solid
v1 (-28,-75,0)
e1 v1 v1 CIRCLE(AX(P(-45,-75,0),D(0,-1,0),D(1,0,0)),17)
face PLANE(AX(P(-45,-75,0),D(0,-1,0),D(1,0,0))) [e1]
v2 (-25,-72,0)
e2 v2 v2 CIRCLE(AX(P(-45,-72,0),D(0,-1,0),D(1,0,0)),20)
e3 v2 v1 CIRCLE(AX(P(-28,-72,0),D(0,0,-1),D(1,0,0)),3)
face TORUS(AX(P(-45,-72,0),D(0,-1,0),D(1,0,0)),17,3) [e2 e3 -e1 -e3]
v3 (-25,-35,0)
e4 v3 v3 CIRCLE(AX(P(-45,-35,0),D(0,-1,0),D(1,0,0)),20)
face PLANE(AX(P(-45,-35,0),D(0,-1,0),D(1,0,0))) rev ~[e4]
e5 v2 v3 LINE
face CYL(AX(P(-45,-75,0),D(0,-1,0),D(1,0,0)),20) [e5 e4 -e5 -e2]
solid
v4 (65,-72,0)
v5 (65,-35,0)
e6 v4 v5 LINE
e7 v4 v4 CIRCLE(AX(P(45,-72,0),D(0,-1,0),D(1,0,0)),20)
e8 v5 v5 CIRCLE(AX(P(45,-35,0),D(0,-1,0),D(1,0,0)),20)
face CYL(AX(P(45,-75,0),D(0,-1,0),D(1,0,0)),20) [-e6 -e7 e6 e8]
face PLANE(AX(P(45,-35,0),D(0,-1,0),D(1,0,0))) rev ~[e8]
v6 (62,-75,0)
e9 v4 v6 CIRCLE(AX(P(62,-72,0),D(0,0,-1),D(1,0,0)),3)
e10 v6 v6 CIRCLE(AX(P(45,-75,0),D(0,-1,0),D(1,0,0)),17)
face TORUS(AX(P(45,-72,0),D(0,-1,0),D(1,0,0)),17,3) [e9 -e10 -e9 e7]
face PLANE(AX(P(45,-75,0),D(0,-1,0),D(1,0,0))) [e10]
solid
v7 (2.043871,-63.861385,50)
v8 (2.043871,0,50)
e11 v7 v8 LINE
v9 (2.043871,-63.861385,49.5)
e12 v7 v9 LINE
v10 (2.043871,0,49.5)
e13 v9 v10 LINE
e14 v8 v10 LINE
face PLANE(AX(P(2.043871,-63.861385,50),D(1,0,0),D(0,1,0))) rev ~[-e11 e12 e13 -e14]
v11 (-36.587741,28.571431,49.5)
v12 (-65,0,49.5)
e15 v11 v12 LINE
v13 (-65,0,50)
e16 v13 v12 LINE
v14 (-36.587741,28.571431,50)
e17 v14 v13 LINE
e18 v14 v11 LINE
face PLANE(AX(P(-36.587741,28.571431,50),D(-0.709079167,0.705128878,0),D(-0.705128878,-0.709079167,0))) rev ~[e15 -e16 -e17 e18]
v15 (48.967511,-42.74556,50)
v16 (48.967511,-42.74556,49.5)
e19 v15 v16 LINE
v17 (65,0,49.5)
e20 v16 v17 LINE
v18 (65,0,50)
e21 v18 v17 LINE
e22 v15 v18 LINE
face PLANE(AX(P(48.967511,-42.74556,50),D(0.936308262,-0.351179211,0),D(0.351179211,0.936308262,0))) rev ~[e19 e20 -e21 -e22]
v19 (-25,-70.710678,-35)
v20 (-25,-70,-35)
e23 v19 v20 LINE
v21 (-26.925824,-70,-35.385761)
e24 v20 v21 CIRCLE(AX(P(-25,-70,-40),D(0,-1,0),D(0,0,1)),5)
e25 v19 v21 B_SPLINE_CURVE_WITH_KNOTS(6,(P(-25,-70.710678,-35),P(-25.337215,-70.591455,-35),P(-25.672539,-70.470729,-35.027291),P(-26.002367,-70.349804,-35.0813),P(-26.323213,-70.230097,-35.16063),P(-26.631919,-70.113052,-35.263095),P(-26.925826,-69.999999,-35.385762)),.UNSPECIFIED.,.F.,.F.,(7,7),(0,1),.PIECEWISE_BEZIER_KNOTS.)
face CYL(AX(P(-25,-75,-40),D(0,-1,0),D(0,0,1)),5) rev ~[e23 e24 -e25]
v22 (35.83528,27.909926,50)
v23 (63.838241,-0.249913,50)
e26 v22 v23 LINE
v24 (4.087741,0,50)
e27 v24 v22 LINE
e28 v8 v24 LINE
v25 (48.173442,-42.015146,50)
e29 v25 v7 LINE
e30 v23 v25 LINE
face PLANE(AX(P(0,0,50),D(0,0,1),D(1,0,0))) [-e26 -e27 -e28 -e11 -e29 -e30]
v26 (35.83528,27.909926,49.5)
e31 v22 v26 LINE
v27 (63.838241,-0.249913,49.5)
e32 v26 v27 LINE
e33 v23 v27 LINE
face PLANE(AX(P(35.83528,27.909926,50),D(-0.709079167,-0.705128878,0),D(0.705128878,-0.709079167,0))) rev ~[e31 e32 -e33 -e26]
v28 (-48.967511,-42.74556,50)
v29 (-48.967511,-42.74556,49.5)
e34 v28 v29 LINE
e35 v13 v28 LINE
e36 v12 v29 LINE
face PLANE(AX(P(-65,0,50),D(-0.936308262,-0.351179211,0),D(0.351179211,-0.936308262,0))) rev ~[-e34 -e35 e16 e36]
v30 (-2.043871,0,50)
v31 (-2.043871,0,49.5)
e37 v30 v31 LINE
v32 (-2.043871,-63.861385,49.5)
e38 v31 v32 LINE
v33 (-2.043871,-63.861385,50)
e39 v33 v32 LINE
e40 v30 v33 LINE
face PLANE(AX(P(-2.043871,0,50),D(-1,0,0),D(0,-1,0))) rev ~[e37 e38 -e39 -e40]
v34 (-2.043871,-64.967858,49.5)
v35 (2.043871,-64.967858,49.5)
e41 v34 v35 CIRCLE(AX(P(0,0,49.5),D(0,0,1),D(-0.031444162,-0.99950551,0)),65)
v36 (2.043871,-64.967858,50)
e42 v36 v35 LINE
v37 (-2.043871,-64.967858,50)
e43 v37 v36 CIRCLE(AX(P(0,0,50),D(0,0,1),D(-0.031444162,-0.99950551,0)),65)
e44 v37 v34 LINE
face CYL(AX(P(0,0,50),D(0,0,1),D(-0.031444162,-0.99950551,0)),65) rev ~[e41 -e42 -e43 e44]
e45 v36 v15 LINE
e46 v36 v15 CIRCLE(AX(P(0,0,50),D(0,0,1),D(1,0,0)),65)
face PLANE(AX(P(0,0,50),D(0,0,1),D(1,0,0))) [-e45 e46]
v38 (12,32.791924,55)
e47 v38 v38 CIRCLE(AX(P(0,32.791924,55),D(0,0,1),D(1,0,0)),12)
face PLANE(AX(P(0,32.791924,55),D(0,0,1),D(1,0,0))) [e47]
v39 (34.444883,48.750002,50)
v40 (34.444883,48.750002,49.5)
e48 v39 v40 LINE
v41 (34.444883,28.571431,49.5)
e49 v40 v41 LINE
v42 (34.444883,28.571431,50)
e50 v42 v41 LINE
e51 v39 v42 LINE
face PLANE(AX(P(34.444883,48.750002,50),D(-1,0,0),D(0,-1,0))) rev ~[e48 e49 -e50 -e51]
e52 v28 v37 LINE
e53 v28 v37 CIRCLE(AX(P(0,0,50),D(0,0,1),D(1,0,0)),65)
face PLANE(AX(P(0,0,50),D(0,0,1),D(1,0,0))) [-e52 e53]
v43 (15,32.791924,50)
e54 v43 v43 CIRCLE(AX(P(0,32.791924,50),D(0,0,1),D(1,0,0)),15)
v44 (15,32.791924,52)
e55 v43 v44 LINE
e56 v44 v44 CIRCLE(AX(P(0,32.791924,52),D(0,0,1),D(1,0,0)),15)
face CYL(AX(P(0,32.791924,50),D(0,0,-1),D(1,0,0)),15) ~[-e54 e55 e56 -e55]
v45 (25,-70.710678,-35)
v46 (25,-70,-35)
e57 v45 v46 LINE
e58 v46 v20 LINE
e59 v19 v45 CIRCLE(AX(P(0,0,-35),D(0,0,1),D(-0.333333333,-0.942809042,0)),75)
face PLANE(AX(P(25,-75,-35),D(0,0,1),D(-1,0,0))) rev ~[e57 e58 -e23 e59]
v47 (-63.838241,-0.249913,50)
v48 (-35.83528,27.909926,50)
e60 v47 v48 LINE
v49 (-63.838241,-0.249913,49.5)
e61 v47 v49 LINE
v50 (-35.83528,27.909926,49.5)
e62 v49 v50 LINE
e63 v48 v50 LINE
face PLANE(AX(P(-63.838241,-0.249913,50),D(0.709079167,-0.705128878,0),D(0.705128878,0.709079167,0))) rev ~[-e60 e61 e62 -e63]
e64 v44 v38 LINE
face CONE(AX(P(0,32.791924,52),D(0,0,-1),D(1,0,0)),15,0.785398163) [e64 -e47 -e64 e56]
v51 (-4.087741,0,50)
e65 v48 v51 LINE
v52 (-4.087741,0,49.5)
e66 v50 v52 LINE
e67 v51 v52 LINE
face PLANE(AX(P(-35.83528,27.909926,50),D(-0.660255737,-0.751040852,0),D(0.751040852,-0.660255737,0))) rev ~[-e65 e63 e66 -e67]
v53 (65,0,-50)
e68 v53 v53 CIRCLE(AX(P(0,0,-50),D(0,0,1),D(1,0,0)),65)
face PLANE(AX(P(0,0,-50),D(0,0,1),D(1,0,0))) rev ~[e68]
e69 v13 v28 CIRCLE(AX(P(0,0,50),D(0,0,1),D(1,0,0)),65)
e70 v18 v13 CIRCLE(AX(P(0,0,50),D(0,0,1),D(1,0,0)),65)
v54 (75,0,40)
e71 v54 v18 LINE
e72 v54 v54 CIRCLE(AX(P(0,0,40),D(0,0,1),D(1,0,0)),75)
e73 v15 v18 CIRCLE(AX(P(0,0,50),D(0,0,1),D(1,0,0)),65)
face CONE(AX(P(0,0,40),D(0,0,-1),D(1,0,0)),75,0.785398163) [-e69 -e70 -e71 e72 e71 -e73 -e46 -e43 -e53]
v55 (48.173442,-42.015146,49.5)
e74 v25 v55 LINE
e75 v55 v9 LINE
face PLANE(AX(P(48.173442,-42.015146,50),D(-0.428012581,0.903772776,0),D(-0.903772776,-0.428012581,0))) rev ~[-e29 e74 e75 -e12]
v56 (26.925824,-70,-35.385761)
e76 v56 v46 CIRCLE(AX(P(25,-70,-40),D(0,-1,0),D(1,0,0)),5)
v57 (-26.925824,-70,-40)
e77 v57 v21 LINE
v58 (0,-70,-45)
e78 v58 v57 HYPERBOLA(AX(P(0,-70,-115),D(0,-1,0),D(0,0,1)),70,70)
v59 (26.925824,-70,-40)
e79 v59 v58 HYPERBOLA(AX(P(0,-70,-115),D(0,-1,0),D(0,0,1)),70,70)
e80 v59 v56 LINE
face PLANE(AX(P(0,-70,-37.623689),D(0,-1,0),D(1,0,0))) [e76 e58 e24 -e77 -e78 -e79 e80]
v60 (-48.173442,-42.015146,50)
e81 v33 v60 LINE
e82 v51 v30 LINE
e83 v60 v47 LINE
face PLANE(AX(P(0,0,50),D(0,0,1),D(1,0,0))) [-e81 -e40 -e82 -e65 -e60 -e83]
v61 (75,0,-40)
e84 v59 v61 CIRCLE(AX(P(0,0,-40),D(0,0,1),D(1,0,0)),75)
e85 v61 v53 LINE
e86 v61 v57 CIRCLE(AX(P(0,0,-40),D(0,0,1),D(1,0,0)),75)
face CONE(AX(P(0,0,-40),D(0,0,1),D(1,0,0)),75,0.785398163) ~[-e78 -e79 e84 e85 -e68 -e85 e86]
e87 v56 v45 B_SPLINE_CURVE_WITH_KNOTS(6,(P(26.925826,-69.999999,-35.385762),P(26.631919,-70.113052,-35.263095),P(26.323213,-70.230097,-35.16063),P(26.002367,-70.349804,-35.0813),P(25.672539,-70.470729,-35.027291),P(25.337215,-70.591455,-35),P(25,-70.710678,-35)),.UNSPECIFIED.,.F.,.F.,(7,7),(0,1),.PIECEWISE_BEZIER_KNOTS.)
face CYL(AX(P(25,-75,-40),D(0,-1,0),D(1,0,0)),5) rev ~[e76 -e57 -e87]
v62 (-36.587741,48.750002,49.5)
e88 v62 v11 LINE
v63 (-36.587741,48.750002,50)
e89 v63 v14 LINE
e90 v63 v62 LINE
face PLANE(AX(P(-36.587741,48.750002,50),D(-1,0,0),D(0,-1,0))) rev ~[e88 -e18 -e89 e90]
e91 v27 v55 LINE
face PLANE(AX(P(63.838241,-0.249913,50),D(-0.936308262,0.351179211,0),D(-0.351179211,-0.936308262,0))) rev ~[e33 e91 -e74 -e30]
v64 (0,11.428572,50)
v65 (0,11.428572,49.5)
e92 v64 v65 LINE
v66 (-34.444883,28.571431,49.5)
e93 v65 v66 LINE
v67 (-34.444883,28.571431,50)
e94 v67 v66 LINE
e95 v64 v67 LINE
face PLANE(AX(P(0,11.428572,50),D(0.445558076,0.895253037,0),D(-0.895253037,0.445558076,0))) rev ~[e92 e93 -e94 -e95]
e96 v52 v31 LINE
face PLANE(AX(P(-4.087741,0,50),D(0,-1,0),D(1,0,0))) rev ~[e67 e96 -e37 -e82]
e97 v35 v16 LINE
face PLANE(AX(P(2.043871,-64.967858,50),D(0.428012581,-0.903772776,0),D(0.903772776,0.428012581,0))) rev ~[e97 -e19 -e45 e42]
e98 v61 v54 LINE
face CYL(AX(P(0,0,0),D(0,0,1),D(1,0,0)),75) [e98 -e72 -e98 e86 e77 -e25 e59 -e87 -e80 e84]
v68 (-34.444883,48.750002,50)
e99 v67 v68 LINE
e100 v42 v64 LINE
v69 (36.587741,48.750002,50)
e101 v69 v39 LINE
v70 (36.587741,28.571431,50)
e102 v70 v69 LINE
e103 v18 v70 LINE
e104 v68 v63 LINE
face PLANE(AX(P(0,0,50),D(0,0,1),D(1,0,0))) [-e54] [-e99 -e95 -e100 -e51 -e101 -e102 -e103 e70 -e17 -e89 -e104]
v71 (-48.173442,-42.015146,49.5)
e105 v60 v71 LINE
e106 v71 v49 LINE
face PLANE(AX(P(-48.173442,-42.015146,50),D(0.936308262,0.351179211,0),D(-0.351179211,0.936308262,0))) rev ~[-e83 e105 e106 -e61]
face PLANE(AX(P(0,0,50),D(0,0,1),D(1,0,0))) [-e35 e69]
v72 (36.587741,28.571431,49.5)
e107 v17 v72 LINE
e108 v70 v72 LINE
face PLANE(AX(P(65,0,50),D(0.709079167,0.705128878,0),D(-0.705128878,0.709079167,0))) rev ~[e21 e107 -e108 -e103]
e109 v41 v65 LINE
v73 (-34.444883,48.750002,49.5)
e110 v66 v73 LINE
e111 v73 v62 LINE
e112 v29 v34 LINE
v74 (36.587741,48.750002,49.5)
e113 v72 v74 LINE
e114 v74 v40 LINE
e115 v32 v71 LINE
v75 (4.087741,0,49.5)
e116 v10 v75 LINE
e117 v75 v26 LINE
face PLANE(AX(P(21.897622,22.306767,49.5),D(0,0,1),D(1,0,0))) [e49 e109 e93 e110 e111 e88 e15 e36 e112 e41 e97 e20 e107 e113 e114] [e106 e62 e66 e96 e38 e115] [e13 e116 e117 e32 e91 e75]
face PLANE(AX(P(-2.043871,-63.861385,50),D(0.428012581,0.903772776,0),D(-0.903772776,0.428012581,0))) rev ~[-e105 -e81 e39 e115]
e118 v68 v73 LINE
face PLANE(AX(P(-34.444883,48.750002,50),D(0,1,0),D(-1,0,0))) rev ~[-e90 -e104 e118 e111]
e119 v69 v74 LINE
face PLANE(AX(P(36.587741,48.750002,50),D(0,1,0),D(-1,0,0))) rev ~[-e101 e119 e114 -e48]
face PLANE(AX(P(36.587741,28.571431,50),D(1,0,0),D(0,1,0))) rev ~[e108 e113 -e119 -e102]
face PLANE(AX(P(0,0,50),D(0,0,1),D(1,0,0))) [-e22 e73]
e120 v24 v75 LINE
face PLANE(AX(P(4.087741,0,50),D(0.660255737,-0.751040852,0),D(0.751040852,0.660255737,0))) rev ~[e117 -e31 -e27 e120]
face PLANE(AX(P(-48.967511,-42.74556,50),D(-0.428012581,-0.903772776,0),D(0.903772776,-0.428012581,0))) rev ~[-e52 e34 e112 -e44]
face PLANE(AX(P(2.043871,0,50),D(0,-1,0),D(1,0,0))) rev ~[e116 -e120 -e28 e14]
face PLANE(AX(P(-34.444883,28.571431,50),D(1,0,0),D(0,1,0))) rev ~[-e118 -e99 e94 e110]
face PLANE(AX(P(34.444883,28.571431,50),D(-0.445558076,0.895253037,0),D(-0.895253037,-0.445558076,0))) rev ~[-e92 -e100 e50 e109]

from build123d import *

# Parameters (mm, degrees)
F0_R      = 75
F1_DEPTH  = 50
F2_SIZE   = 10
F4_R      = 20
F5_DEPTH  = 40
F6_R      = 3
F6_2_R    = 3
F4_W      = 60
F4_H      = 5
F7_DEPTH  = 5
F8_R      = 15
F9_DEPTH  = 5
F10_DEPTH = 0.5
F11_SIZE  = 3


with BuildPart() as f1:
    # F0 (on Top) → F1 (new body, symmetric)
    with BuildSketch(Plane.XY):
        Circle(F0_R)
    extrude(amount=F1_DEPTH, both=True)

    # F2
    f2_edges = [f1.edges().sort_by_distance(p)[0] for p in [
        (-75, 0, 50),
        (-75, 0, -50),
    ]]
    chamfer(f2_edges, length=F2_SIZE)

    # F4 (on offset) → F7 (cut)
    with BuildSketch(Plane.XZ.offset(75)):
        with BuildLine():
            ThreePointArc((-25, -35), (-28.5355339059, -36.4644660941), (-30, -40))
            Line((-30, -40), (30, -40))
            ThreePointArc((30, -40), (28.5355339059, -36.4644660941), (25, -35))
            Line((25, -35), (-25, -35))
        make_face()
        with Locations((0, -42.5)):
            Rectangle(F4_W, F4_H)
    extrude(amount=-F7_DEPTH, mode=Mode.SUBTRACT)

    # F8 (on face) → F9 (join)
    with BuildSketch(Plane.XY.offset(50)):
        with Locations((0, 32.7919243128)):
            Circle(F8_R)
    extrude(amount=F9_DEPTH)

    # F8 (on face) → F10 (cut)
    with BuildSketch(Plane.XY.offset(50)):
        Polygon((0, 11.4285722375), (0, 0), (2.0438705105, 0), (4.0877410211, 0), (35.8352803363, 27.9099264723), (36.587741226, 28.5714305937), (36.587741226, 48.7500019372), (34.4448834658, 48.7500019372), (34.4448834658, 28.5714305937), align=None)
        Polygon((-2.0438705105, 0), (0, 0), (0, 11.4285722375), (-34.4448834658, 28.5714305937), (-34.4448834658, 48.7500019372), (-36.587741226, 48.7500019372), (-36.587741226, 28.5714305937), (-35.8352803363, 27.9099264723), (-4.0877410211, 0), align=None)
        Polygon((-2.0438705105, -64.9678581557), (-2.0438705105, -63.861385349), (-48.1734415915, -42.015145565), (-63.8382412242, -0.2499132572), (-35.8352803363, 27.9099264723), (-36.587741226, 28.5714305937), (-65, 0), (-48.9675110444, -42.7455595602), align=None)
        Polygon((48.1734415915, -42.015145565), (2.0438705105, -63.861385349), (2.0438705105, -64.9678581557), (48.9675110444, -42.7455595602), (65, 0), (36.587741226, 28.5714305937), (35.8352803363, 27.9099264723), (63.8382412242, -0.2499132572), align=None)
        with BuildLine():
            Line((2.0438705105, 0), (0, 0))
            Line((0, 0), (-2.0438705105, 0))
            Line((-2.0438705105, 0), (-2.0438705105, -63.861385349))
            Line((-2.0438705105, -63.861385349), (-2.0438705105, -64.9678581557))
            ThreePointArc((-2.0438705105, -64.9678581557), (0, -65), (2.0438705105, -64.9678581557))
            Line((2.0438705105, -64.9678581557), (2.0438705105, -63.861385349))
            Line((2.0438705105, -63.861385349), (2.0438705105, 0))
        make_face()
    extrude(amount=-F10_DEPTH, mode=Mode.SUBTRACT)

    # F11
    f11_edges = [f1.edges().sort_by_distance(p)[0] for p in [
        (-15, 32.791924, 55),
    ]]
    chamfer(f11_edges, length=F11_SIZE)


with BuildPart() as f5:
    # F4 (on offset) → F5 (new body)
    with BuildSketch(Plane.XZ.offset(75)):
        with Locations((-45, 0)):
            Circle(F4_R)
    extrude(amount=-F5_DEPTH)

    # F6
    f6_edges = [f5.edges().sort_by_distance(p)[0] for p in [
        (-65, -75, 0),
    ]]
    fillet(f6_edges, radius=F6_R)


with BuildPart() as f5b:
    # F4 (on offset) → F5, piece 2 (new body)
    with BuildSketch(Plane.XZ.offset(75)):
        with Locations((45, 0)):
            Circle(F4_R)
    extrude(amount=-F5_DEPTH)

    # F6#2
    f6_2_edges = [f5b.edges().sort_by_distance(p)[0] for p in [
        (25, -75, 0),
    ]]
    fillet(f6_2_edges, radius=F6_2_R)


solid = Compound([f1.part, f5.part, f5b.part])
